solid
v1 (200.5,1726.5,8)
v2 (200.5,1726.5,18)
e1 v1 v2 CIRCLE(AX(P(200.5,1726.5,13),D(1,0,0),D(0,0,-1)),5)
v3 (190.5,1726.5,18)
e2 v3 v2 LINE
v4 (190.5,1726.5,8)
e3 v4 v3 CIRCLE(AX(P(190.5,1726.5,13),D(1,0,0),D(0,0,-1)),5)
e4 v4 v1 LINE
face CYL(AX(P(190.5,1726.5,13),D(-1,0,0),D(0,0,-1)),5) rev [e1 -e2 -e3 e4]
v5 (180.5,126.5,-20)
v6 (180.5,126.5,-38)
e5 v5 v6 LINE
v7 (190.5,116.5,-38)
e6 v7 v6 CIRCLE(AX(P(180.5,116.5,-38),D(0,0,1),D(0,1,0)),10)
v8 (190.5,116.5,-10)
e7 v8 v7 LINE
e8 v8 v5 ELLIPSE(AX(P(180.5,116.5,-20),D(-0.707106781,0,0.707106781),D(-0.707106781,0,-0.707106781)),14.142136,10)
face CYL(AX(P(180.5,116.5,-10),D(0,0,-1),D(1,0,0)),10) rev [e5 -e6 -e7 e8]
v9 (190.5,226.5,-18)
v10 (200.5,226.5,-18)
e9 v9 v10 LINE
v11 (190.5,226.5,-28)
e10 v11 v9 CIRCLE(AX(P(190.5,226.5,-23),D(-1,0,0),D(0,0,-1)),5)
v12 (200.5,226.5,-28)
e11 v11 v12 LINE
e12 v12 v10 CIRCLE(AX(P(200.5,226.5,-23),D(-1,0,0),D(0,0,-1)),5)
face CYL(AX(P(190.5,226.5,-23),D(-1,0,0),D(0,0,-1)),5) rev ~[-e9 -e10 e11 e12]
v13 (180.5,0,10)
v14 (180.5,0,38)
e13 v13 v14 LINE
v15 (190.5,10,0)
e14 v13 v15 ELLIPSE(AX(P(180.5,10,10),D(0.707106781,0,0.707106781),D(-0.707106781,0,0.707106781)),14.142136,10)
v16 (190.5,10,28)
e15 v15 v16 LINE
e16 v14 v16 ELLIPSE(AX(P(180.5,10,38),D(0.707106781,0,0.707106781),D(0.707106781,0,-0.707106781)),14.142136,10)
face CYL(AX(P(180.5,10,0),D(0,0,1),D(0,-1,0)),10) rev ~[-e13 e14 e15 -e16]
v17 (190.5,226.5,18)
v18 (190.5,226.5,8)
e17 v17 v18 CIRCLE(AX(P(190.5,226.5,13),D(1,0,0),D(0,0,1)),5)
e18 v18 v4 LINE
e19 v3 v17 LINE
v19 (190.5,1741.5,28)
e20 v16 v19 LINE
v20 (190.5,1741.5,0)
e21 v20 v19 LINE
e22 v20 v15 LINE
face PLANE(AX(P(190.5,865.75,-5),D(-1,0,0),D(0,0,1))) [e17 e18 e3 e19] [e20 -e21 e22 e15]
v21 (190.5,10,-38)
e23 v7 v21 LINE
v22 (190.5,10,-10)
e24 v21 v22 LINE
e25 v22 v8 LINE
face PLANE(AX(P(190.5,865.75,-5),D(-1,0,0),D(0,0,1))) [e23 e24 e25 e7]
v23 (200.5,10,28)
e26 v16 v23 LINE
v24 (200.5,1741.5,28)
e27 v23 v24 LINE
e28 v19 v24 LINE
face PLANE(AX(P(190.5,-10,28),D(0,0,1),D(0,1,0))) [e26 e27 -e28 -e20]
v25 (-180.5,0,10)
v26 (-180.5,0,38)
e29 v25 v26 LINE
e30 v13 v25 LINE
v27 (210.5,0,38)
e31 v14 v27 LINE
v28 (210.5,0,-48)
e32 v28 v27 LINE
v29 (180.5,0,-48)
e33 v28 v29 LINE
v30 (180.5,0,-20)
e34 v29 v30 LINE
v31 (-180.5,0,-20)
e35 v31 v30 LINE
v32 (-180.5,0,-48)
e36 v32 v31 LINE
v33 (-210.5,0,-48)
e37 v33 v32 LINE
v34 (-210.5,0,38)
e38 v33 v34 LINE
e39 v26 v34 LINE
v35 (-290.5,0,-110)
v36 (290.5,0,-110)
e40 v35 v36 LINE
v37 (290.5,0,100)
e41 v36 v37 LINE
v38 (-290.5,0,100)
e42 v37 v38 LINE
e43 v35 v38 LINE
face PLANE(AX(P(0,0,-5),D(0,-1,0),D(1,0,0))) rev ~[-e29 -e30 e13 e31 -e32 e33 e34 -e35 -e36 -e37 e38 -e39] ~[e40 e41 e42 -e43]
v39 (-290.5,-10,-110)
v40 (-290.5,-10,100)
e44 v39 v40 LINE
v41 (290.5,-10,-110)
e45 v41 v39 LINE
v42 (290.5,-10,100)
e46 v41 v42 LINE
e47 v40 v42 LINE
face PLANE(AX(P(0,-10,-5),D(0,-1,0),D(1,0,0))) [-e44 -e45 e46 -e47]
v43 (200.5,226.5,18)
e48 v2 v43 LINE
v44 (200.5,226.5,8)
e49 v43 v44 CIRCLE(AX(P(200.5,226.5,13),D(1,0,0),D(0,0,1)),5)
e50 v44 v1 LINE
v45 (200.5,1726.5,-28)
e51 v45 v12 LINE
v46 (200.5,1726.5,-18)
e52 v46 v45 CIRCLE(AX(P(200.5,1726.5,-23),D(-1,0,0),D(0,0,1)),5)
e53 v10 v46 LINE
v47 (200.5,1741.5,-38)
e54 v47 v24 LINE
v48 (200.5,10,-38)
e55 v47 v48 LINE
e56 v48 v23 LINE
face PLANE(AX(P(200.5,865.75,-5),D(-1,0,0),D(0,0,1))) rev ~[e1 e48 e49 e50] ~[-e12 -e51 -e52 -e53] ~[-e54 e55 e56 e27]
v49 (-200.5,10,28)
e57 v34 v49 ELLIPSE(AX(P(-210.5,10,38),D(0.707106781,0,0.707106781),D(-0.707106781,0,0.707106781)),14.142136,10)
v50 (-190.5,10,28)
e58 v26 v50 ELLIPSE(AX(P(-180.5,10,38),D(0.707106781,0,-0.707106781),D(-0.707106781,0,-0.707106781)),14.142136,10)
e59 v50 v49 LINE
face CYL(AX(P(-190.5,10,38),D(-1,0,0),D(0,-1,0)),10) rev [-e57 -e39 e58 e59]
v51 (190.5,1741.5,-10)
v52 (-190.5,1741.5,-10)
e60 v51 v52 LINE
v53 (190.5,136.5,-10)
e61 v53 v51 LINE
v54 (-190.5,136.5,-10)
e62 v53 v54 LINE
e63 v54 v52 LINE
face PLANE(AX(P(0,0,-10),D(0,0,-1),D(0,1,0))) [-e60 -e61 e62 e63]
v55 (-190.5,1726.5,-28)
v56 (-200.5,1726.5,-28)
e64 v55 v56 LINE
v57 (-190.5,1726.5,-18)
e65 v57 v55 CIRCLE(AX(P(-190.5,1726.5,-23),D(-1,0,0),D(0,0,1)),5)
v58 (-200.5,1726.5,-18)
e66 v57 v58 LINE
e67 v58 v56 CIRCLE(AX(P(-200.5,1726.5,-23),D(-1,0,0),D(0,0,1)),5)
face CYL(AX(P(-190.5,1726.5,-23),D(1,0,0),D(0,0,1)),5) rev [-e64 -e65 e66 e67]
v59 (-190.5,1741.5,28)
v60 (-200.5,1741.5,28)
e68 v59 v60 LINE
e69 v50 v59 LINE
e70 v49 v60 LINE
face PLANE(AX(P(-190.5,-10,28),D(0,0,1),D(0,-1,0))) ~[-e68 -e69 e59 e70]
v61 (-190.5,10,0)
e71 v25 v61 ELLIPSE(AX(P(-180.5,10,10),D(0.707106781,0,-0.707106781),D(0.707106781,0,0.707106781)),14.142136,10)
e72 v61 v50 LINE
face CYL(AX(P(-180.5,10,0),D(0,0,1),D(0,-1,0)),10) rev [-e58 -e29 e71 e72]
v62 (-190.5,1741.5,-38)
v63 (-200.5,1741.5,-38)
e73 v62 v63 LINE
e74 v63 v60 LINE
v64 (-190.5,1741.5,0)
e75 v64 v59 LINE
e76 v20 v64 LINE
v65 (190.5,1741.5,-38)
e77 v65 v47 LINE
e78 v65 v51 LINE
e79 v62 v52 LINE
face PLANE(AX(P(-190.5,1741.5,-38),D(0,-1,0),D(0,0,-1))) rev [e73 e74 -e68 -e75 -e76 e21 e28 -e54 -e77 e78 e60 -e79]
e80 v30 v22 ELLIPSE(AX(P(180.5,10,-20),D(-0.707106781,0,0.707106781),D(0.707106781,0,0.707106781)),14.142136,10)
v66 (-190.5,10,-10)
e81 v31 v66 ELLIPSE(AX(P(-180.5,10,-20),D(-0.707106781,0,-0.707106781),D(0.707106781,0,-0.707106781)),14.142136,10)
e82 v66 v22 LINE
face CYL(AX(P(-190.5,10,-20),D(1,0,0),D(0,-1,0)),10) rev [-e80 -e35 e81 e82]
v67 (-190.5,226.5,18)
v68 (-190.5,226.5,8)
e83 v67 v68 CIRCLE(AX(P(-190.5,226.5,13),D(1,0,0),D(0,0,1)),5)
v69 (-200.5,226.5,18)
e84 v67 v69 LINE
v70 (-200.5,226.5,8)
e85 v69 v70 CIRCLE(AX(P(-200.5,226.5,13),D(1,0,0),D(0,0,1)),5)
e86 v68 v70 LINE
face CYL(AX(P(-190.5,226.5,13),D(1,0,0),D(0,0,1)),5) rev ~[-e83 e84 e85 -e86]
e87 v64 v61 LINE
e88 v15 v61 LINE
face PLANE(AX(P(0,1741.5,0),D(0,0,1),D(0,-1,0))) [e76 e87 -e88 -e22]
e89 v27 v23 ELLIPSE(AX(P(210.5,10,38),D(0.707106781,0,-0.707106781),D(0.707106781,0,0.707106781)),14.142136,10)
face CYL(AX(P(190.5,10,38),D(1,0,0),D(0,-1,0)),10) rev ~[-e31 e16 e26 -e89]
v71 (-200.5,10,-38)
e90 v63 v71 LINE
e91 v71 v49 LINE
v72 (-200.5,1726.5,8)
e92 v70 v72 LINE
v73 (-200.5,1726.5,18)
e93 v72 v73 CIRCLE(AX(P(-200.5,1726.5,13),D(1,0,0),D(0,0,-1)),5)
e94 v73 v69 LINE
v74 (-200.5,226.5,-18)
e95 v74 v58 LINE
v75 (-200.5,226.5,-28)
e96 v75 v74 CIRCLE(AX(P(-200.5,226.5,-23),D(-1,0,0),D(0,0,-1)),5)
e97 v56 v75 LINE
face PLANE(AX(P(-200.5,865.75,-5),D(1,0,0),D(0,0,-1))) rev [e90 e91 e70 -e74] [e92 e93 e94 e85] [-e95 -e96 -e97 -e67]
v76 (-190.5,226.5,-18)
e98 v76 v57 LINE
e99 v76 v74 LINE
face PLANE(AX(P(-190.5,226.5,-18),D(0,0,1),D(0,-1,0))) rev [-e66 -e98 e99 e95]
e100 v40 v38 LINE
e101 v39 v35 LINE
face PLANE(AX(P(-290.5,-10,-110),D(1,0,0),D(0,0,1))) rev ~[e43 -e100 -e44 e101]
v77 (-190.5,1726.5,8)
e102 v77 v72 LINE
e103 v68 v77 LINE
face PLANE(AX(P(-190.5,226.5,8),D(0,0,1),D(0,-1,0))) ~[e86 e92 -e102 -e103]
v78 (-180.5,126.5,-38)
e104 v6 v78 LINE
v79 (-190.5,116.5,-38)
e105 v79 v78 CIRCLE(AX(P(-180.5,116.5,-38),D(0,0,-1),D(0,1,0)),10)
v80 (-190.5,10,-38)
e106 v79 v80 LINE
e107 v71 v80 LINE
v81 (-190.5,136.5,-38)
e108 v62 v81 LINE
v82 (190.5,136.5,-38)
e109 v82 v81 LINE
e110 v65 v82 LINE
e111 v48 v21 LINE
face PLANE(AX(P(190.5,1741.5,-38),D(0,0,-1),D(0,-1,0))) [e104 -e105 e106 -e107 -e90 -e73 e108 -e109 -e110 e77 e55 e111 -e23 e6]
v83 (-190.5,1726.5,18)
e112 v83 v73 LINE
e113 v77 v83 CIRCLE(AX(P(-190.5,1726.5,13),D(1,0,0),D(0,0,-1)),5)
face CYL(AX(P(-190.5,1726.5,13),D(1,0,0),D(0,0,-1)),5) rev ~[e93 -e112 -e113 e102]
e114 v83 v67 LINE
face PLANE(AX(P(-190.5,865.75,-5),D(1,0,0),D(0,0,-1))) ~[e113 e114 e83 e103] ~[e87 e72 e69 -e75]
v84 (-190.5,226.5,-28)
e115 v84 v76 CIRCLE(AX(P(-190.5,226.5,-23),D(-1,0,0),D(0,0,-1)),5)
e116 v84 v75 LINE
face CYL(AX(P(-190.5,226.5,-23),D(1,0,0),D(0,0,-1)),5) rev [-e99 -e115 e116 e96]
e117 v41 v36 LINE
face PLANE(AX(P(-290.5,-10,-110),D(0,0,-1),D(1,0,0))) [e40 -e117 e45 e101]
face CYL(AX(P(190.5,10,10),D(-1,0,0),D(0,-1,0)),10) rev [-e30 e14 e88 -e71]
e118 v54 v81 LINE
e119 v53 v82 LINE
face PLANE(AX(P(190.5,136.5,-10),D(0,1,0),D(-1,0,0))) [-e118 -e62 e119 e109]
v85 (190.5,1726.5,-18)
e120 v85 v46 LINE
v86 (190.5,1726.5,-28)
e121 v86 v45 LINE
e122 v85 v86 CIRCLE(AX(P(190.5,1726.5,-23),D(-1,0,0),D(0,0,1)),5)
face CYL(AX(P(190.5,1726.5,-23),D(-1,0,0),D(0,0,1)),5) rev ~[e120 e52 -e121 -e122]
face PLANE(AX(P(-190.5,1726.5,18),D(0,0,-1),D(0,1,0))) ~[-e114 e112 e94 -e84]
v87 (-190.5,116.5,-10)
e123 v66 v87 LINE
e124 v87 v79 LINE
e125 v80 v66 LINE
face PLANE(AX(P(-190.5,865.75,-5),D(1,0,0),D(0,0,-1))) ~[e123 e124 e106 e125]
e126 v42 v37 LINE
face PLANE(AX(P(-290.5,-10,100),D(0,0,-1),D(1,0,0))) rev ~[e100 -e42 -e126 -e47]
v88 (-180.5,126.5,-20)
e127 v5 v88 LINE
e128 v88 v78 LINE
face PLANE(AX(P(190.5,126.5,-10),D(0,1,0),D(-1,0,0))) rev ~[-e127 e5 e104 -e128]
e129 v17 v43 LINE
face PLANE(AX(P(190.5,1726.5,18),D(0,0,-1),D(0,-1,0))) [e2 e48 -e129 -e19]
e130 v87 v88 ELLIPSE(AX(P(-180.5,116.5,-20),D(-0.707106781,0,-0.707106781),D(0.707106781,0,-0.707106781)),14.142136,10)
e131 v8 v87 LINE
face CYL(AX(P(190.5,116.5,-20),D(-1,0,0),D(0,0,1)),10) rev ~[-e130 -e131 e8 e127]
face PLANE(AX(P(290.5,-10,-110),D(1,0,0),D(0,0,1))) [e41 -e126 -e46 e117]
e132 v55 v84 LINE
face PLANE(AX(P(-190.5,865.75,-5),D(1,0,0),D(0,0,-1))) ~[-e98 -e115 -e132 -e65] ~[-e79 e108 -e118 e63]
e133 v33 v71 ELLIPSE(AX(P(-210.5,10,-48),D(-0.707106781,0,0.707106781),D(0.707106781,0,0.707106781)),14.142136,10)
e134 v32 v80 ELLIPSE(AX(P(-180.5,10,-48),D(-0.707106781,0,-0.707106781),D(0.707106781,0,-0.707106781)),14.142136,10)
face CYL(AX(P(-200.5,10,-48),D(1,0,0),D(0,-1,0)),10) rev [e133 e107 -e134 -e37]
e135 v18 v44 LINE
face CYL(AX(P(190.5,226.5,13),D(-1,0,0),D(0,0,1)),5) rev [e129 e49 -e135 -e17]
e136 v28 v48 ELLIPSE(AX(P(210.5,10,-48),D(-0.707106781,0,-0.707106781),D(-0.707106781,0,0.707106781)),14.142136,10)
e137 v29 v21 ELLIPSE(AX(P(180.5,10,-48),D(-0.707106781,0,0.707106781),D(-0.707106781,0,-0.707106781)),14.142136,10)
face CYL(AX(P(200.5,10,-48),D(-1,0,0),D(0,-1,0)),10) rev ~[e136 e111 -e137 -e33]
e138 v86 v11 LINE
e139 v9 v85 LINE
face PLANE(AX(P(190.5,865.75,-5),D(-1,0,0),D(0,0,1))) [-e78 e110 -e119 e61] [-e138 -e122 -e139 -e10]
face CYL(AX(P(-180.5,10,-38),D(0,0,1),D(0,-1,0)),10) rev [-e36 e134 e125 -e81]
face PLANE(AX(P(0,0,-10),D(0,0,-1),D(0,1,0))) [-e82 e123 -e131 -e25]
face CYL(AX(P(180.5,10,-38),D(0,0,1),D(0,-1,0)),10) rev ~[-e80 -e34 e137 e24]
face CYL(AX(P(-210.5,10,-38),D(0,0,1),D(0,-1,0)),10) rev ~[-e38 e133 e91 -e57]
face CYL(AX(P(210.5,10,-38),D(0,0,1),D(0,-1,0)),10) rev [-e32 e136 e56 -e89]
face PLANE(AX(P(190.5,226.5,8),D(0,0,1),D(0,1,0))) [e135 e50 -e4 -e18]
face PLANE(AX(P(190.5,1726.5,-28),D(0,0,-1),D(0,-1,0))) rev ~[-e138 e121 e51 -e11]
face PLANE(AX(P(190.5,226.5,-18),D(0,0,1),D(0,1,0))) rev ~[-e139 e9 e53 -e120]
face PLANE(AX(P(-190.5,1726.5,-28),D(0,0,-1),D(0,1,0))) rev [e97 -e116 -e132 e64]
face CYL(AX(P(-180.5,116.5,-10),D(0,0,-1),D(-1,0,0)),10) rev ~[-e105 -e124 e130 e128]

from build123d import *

# Parameters (mm, degrees)
WALL_EXTRUDE_DEPTH           = 190.5
RIGHT_GUIDE_EXTRUDE_DEPTH    = 10
SKETCH3_W                    = 581
SKETCH3_H                    = 210
BOTTOM_FOOT_COMPLETION_DEPTH = 10
SKETCH4_W                    = 381
SKETCH4_H                    = 10
PLATFORM_STOPPER_DEPTH       = 28
STRUCTURAL_FILLETS_R         = 10


with BuildPart() as part:
    # Sketch1 → Wall extrude (new, symmetric)
    with BuildSketch(Plane(origin=(0, 0, 0), x_dir=(0, 0, -1), z_dir=(1, 0, 0))):
        Polygon((0, 0), (-100, 0), (-100, -10), (10, -10), (110, -10), (110, 0), (10, 0), (10, 1741.5), (0, 1741.5), align=None)
    extrude(amount=WALL_EXTRUDE_DEPTH, both=True)

    # Sketch2 → Right guide extrude (add)
    with BuildSketch(Plane(origin=(190.5, 0, 0), x_dir=(0, 0, -1), z_dir=(1, 0, 0))):
        Polygon((0, 1741.5), (38, 1741.5), (38, -10), (0, -10), (-28, -10), (-28, 1741.5), align=None)
        with BuildLine():
            Line((18, 226.5), (18, 1726.5))
            ThreePointArc((18, 1726.5), (23, 1731.5), (28, 1726.5))
            Line((28, 1726.5), (28, 226.5))
            ThreePointArc((28, 226.5), (23, 221.5), (18, 226.5))
        make_face(mode=Mode.SUBTRACT)
        with BuildLine():
            Line((-18, 1726.5), (-18, 226.5))
            ThreePointArc((-18, 226.5), (-13, 221.5), (-8, 226.5))
            Line((-8, 226.5), (-8, 1726.5))
            ThreePointArc((-8, 1726.5), (-13, 1731.5), (-18, 1726.5))
        make_face(mode=Mode.SUBTRACT)
    right_guide_extrude = extrude(amount=RIGHT_GUIDE_EXTRUDE_DEPTH)

    # Left guide extrude: Right guide extrude across plane
    add(right_guide_extrude.mirror(Plane(origin=(0, 0, 0), x_dir=(0, 0, 1), z_dir=(1, 0, 0))))

    # Sketch3 → Bottom foot completion (add)
    with BuildSketch(Plane.XZ.offset(10)):
        with Locations((0, -5)):
            Rectangle(SKETCH3_W, SKETCH3_H)
    extrude(amount=-BOTTOM_FOOT_COMPLETION_DEPTH)

    # Sketch4 → Platform stopper (add)
    with BuildSketch(Plane(origin=(0, 0, -10), x_dir=(-1, 0, 0), z_dir=(0, 0, -1))):
        with Locations((0, 131.5)):
            Rectangle(SKETCH4_W, SKETCH4_H)
    extrude(amount=PLATFORM_STOPPER_DEPTH)

    # Structural fillets
    structural_fillets_edges = [part.edges().sort_by_distance(p)[0] for p in [
        (195.5, 0, 28),
        (195.5, 0, -38),
        (200.5, 0, -5),
        (-195.5, 0, -38),
        (-200.5, 0, -5),
        (-195.5, 0, 28),
        (-190.5, 0, 14),
        (-190.5, 126.5, -24),
        (190.5, 126.5, -24),
        (0, 126.5, -10),
        (0, 0, -10),
        (0, 0, 0),
        (190.5, 0, -24),
        (-190.5, 0, -24),
        (190.5, 0, 14),
    ]]
    fillet(structural_fillets_edges, radius=STRUCTURAL_FILLETS_R)


solid = part.part
